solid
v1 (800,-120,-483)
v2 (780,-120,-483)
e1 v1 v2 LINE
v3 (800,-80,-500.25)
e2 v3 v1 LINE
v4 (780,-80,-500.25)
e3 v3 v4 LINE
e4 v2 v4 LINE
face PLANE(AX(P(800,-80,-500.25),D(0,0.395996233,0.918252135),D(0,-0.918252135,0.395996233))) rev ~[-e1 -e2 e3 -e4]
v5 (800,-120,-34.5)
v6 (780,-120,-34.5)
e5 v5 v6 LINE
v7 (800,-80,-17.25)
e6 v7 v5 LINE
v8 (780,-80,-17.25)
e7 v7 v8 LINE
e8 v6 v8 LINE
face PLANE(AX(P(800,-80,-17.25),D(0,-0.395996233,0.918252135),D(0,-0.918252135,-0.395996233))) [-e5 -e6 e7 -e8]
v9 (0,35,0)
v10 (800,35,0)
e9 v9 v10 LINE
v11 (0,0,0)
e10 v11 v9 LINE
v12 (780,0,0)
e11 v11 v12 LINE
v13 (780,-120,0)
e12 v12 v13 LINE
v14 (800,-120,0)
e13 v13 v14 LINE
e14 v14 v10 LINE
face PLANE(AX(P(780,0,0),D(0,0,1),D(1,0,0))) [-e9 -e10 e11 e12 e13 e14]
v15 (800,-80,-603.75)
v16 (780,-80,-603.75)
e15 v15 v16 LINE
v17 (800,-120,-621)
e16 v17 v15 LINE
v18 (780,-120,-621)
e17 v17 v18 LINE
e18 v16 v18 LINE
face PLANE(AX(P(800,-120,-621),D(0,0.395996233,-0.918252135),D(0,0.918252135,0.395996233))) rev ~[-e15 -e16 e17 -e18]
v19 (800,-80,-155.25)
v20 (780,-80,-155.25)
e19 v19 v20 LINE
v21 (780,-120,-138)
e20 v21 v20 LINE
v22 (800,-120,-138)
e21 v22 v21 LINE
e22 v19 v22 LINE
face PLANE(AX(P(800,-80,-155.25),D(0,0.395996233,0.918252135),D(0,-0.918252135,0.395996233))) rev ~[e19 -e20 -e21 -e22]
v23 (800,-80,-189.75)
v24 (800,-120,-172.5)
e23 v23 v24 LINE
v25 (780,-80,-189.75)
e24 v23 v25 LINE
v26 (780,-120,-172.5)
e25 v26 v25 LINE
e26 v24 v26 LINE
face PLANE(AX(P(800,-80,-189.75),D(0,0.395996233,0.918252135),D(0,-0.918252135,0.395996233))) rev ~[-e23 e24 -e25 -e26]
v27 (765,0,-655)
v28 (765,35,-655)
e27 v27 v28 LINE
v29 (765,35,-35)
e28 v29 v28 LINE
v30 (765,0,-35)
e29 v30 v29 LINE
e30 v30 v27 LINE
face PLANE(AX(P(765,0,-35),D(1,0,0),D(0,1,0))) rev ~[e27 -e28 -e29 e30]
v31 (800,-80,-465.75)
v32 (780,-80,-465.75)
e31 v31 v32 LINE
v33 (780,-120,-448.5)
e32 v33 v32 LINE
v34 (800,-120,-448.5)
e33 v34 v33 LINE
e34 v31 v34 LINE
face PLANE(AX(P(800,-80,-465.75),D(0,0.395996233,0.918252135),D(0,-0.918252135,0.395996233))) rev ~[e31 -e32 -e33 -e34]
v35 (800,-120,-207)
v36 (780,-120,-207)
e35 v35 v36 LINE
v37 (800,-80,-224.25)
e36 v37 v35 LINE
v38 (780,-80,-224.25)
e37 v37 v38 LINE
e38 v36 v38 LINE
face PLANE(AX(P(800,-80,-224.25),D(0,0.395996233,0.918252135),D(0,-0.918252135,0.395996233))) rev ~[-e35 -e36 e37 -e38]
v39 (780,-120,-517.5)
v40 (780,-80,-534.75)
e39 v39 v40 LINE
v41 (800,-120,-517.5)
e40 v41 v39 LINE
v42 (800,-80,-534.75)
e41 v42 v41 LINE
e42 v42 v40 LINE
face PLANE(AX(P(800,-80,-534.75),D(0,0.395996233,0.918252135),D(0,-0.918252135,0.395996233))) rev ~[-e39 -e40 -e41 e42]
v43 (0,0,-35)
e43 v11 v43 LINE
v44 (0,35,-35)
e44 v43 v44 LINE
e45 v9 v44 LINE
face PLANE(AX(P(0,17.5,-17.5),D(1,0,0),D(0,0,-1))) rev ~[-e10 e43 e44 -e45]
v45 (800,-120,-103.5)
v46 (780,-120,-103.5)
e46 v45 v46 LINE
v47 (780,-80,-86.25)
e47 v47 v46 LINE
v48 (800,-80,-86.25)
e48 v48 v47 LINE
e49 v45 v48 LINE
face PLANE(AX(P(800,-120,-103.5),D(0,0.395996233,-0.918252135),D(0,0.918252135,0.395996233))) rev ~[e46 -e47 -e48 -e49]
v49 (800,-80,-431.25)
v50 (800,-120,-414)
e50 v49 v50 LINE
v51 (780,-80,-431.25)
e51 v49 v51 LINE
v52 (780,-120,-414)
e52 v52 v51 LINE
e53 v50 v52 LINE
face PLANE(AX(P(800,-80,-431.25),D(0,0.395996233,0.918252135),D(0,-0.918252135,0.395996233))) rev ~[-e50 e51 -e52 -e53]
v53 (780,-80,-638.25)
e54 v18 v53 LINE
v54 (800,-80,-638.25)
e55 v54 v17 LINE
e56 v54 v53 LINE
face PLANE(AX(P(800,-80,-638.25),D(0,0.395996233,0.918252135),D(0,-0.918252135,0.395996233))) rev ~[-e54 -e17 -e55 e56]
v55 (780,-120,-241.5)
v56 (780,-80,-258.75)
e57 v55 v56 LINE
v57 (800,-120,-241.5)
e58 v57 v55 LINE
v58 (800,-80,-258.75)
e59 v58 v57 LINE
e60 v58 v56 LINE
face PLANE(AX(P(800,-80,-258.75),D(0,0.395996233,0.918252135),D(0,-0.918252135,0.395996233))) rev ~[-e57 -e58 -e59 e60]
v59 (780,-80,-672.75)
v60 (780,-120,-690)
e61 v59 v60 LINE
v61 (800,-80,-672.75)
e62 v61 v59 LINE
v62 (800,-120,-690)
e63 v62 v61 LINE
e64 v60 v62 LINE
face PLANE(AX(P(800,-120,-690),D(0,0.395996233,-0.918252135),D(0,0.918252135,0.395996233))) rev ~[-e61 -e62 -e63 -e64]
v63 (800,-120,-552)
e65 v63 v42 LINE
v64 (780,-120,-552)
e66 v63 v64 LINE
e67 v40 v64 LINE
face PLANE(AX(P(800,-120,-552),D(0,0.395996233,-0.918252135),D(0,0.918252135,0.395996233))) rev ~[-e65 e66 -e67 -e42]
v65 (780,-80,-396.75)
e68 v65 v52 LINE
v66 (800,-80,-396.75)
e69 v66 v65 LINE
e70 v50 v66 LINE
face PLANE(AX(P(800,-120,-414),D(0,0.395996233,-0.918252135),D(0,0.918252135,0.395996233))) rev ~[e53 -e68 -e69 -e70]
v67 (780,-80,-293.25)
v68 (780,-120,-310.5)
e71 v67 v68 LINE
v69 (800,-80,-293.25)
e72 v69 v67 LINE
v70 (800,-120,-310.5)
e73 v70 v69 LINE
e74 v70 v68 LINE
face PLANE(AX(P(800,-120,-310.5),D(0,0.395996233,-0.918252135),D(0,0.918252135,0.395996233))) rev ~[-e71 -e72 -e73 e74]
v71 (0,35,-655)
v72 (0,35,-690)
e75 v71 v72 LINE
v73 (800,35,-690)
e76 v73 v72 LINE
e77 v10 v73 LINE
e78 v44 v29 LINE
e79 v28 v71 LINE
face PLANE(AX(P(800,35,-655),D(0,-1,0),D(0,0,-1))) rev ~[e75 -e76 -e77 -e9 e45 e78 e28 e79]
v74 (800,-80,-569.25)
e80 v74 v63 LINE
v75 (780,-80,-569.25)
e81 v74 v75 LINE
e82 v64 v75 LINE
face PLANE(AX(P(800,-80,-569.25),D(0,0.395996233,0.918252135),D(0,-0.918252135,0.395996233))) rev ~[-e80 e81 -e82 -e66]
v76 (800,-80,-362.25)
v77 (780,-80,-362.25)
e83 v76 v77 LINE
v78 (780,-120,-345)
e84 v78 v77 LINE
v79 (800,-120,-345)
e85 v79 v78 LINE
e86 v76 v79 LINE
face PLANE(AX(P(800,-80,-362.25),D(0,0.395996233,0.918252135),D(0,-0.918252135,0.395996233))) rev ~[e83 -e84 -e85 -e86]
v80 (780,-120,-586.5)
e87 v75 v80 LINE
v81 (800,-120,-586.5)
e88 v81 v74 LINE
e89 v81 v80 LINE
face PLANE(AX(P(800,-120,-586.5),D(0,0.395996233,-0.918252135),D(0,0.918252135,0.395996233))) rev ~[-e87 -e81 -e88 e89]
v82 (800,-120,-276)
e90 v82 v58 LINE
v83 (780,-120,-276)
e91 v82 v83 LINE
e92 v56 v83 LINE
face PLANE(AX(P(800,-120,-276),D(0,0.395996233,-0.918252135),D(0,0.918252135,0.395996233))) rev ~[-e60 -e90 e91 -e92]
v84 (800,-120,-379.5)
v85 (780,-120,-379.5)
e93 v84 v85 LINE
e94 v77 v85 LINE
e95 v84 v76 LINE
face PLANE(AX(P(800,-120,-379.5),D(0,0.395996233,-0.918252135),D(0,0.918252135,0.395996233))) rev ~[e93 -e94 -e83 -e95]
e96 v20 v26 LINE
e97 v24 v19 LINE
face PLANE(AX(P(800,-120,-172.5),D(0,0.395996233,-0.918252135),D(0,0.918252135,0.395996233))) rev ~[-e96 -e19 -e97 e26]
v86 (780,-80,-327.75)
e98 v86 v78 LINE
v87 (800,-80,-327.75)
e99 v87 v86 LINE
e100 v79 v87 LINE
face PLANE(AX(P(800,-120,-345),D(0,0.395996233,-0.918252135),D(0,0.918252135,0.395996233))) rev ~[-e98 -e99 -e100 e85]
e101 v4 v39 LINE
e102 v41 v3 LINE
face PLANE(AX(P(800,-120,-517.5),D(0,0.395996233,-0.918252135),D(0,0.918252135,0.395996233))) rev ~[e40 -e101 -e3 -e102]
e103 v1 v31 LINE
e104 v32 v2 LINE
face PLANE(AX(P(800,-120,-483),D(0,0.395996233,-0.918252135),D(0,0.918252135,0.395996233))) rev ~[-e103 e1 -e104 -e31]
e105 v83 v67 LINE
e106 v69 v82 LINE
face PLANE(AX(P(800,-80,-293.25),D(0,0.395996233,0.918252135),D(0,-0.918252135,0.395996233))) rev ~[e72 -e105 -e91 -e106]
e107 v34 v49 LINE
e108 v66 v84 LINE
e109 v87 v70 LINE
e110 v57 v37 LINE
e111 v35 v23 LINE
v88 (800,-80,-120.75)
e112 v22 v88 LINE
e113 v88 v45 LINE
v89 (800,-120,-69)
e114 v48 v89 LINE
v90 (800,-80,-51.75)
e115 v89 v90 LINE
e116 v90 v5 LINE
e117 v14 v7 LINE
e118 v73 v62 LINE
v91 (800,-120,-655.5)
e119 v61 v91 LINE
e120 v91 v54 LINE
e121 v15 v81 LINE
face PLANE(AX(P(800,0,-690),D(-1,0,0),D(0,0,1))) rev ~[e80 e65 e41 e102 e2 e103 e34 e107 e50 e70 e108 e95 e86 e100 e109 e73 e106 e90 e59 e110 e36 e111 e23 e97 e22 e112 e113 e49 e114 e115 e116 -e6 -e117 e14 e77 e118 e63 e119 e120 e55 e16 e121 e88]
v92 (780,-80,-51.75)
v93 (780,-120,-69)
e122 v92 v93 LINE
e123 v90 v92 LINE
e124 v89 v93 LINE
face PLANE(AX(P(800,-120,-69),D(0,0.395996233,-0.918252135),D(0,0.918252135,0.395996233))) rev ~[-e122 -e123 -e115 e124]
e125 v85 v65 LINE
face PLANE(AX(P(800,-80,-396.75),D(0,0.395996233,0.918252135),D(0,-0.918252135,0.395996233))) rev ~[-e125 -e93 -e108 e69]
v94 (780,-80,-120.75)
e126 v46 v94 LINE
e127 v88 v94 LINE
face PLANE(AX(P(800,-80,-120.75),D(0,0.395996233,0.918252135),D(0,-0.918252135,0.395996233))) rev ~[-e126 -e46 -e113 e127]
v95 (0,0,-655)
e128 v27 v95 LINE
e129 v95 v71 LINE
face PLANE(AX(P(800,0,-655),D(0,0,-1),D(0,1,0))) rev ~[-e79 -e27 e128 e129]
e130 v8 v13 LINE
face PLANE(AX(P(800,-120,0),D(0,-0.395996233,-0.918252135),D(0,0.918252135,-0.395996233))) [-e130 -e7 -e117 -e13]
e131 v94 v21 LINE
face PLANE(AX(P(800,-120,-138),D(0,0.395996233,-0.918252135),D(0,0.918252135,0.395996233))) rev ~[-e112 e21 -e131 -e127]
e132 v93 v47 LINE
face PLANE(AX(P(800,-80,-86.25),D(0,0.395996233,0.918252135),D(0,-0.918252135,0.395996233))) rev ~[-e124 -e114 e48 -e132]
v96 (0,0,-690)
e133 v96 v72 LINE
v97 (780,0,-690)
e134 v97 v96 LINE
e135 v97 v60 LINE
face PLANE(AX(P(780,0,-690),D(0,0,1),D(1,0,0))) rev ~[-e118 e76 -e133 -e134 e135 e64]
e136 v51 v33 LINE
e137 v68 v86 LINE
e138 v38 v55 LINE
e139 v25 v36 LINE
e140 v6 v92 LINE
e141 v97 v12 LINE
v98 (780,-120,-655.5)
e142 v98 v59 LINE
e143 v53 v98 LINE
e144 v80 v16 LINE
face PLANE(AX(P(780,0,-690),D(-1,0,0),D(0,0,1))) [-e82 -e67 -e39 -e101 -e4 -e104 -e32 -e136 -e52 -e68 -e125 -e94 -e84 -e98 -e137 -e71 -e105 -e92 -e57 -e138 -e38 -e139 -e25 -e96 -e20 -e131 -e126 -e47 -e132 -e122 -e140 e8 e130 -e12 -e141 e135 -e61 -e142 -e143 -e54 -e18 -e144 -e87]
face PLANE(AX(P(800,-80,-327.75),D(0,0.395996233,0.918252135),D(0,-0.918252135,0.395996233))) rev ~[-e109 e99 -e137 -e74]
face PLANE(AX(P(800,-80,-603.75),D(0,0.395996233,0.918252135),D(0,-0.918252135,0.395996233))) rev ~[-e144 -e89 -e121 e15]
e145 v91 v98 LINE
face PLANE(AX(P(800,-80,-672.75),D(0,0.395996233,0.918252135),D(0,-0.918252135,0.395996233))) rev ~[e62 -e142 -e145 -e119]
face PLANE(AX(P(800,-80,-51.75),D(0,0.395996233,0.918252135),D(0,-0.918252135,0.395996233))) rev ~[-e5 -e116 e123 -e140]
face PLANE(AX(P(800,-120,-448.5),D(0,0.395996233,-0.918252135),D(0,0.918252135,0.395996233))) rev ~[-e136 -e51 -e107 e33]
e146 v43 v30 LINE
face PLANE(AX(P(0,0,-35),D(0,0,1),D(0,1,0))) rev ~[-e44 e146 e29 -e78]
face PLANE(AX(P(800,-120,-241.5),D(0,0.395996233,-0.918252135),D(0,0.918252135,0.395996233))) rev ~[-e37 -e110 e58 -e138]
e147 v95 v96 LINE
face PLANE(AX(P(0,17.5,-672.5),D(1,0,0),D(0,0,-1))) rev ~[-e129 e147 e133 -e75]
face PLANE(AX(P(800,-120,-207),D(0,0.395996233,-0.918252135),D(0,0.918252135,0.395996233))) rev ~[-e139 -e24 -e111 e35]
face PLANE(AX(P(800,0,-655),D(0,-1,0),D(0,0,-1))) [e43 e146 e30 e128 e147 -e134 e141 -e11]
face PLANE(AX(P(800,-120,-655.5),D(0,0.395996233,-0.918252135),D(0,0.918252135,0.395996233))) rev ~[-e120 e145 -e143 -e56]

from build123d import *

# Parameters (mm, degrees)
SKETCH2_W           = 35
SKETCH2_H           = 35
BOSS_EXTRUDE1_DEPTH = 800
SKETCH3_W           = 35
SKETCH3_H           = 35
BOSS_EXTRUDE2_DEPTH = 620
SKETCH5_W           = 35
SKETCH5_H           = 35
BOSS_EXTRUDE3_DEPTH = 800
SKETCH6_W           = 20
SKETCH6_H           = 690
BOSS_EXTRUDE4_DEPTH = 120
CUT_EXTRUDE1_DEPTH  = 1064.249735481


with BuildPart() as part:
    # Sketch2 → Boss-Extrude1 (new body)
    with BuildSketch(Plane(origin=(0, 0, 0), x_dir=(0, 0, -1), z_dir=(1, 0, 0))):
        with Locations((17.5, 17.5)):
            Rectangle(SKETCH2_W, SKETCH2_H)
    extrude(amount=BOSS_EXTRUDE1_DEPTH)

    # Sketch3 → Boss-Extrude2 (add)
    with BuildSketch(Plane(origin=(0, 0, -35), x_dir=(-1, 0, 0), z_dir=(0, 0, -1))):
        with Locations((-782.5, 17.5)):
            Rectangle(SKETCH3_W, SKETCH3_H)
    extrude(amount=BOSS_EXTRUDE2_DEPTH)

    # Sketch5 → Boss-Extrude3 (add)
    with BuildSketch(Plane(origin=(800, 0, 0), x_dir=(0, 0, -1), z_dir=(1, 0, 0))):
        with Locations((672.5, 17.5)):
            Rectangle(SKETCH5_W, SKETCH5_H)
    extrude(amount=-BOSS_EXTRUDE3_DEPTH)

    # Sketch6 → Boss-Extrude4 (add)
    with BuildSketch(Plane.XZ):
        with Locations((790, -345)):
            Rectangle(SKETCH6_W, SKETCH6_H)
    extrude(amount=BOSS_EXTRUDE4_DEPTH)

    # Sketch7 → Cut-Extrude1 (cut, through all)
    with BuildSketch(Plane(origin=(800, 0, 0), x_dir=(0, 0, -1), z_dir=(1, 0, 0))):
        Polygon((51.75, -80), (34.5, -120), (69, -120), align=None)
        Polygon((86.25, -80), (69, -120), (103.5, -120), align=None)
        Polygon((120.75, -80), (103.5, -120), (138, -120), align=None)
        Polygon((155.25, -80), (138, -120), (172.5, -120), align=None)
        Polygon((189.75, -80), (172.5, -120), (207, -120), align=None)
        Polygon((224.25, -80), (207, -120), (241.5, -120), align=None)
        Polygon((258.75, -80), (241.5, -120), (276, -120), align=None)
        Polygon((293.25, -80), (276, -120), (310.5, -120), align=None)
        Polygon((327.75, -80), (310.5, -120), (345, -120), align=None)
        Polygon((362.25, -80), (345, -120), (379.5, -120), align=None)
        Polygon((396.75, -80), (379.5, -120), (414, -120), align=None)
        Polygon((431.25, -80), (414, -120), (448.5, -120), align=None)
        Polygon((465.75, -80), (448.5, -120), (483, -120), align=None)
        Polygon((500.25, -80), (483, -120), (517.5, -120), align=None)
        Polygon((534.75, -80), (517.5, -120), (552, -120), align=None)
        Polygon((569.25, -80), (552, -120), (586.5, -120), align=None)
        Polygon((603.75, -80), (586.5, -120), (621, -120), align=None)
        Polygon((638.25, -80), (621, -120), (655.5, -120), align=None)
        Polygon((672.75, -80), (655.5, -120), (690, -120), align=None)
        Polygon((17.25, -80), (34.5, -120), (0, -120), align=None)
    extrude(amount=-CUT_EXTRUDE1_DEPTH, mode=Mode.SUBTRACT)


solid = part.part
